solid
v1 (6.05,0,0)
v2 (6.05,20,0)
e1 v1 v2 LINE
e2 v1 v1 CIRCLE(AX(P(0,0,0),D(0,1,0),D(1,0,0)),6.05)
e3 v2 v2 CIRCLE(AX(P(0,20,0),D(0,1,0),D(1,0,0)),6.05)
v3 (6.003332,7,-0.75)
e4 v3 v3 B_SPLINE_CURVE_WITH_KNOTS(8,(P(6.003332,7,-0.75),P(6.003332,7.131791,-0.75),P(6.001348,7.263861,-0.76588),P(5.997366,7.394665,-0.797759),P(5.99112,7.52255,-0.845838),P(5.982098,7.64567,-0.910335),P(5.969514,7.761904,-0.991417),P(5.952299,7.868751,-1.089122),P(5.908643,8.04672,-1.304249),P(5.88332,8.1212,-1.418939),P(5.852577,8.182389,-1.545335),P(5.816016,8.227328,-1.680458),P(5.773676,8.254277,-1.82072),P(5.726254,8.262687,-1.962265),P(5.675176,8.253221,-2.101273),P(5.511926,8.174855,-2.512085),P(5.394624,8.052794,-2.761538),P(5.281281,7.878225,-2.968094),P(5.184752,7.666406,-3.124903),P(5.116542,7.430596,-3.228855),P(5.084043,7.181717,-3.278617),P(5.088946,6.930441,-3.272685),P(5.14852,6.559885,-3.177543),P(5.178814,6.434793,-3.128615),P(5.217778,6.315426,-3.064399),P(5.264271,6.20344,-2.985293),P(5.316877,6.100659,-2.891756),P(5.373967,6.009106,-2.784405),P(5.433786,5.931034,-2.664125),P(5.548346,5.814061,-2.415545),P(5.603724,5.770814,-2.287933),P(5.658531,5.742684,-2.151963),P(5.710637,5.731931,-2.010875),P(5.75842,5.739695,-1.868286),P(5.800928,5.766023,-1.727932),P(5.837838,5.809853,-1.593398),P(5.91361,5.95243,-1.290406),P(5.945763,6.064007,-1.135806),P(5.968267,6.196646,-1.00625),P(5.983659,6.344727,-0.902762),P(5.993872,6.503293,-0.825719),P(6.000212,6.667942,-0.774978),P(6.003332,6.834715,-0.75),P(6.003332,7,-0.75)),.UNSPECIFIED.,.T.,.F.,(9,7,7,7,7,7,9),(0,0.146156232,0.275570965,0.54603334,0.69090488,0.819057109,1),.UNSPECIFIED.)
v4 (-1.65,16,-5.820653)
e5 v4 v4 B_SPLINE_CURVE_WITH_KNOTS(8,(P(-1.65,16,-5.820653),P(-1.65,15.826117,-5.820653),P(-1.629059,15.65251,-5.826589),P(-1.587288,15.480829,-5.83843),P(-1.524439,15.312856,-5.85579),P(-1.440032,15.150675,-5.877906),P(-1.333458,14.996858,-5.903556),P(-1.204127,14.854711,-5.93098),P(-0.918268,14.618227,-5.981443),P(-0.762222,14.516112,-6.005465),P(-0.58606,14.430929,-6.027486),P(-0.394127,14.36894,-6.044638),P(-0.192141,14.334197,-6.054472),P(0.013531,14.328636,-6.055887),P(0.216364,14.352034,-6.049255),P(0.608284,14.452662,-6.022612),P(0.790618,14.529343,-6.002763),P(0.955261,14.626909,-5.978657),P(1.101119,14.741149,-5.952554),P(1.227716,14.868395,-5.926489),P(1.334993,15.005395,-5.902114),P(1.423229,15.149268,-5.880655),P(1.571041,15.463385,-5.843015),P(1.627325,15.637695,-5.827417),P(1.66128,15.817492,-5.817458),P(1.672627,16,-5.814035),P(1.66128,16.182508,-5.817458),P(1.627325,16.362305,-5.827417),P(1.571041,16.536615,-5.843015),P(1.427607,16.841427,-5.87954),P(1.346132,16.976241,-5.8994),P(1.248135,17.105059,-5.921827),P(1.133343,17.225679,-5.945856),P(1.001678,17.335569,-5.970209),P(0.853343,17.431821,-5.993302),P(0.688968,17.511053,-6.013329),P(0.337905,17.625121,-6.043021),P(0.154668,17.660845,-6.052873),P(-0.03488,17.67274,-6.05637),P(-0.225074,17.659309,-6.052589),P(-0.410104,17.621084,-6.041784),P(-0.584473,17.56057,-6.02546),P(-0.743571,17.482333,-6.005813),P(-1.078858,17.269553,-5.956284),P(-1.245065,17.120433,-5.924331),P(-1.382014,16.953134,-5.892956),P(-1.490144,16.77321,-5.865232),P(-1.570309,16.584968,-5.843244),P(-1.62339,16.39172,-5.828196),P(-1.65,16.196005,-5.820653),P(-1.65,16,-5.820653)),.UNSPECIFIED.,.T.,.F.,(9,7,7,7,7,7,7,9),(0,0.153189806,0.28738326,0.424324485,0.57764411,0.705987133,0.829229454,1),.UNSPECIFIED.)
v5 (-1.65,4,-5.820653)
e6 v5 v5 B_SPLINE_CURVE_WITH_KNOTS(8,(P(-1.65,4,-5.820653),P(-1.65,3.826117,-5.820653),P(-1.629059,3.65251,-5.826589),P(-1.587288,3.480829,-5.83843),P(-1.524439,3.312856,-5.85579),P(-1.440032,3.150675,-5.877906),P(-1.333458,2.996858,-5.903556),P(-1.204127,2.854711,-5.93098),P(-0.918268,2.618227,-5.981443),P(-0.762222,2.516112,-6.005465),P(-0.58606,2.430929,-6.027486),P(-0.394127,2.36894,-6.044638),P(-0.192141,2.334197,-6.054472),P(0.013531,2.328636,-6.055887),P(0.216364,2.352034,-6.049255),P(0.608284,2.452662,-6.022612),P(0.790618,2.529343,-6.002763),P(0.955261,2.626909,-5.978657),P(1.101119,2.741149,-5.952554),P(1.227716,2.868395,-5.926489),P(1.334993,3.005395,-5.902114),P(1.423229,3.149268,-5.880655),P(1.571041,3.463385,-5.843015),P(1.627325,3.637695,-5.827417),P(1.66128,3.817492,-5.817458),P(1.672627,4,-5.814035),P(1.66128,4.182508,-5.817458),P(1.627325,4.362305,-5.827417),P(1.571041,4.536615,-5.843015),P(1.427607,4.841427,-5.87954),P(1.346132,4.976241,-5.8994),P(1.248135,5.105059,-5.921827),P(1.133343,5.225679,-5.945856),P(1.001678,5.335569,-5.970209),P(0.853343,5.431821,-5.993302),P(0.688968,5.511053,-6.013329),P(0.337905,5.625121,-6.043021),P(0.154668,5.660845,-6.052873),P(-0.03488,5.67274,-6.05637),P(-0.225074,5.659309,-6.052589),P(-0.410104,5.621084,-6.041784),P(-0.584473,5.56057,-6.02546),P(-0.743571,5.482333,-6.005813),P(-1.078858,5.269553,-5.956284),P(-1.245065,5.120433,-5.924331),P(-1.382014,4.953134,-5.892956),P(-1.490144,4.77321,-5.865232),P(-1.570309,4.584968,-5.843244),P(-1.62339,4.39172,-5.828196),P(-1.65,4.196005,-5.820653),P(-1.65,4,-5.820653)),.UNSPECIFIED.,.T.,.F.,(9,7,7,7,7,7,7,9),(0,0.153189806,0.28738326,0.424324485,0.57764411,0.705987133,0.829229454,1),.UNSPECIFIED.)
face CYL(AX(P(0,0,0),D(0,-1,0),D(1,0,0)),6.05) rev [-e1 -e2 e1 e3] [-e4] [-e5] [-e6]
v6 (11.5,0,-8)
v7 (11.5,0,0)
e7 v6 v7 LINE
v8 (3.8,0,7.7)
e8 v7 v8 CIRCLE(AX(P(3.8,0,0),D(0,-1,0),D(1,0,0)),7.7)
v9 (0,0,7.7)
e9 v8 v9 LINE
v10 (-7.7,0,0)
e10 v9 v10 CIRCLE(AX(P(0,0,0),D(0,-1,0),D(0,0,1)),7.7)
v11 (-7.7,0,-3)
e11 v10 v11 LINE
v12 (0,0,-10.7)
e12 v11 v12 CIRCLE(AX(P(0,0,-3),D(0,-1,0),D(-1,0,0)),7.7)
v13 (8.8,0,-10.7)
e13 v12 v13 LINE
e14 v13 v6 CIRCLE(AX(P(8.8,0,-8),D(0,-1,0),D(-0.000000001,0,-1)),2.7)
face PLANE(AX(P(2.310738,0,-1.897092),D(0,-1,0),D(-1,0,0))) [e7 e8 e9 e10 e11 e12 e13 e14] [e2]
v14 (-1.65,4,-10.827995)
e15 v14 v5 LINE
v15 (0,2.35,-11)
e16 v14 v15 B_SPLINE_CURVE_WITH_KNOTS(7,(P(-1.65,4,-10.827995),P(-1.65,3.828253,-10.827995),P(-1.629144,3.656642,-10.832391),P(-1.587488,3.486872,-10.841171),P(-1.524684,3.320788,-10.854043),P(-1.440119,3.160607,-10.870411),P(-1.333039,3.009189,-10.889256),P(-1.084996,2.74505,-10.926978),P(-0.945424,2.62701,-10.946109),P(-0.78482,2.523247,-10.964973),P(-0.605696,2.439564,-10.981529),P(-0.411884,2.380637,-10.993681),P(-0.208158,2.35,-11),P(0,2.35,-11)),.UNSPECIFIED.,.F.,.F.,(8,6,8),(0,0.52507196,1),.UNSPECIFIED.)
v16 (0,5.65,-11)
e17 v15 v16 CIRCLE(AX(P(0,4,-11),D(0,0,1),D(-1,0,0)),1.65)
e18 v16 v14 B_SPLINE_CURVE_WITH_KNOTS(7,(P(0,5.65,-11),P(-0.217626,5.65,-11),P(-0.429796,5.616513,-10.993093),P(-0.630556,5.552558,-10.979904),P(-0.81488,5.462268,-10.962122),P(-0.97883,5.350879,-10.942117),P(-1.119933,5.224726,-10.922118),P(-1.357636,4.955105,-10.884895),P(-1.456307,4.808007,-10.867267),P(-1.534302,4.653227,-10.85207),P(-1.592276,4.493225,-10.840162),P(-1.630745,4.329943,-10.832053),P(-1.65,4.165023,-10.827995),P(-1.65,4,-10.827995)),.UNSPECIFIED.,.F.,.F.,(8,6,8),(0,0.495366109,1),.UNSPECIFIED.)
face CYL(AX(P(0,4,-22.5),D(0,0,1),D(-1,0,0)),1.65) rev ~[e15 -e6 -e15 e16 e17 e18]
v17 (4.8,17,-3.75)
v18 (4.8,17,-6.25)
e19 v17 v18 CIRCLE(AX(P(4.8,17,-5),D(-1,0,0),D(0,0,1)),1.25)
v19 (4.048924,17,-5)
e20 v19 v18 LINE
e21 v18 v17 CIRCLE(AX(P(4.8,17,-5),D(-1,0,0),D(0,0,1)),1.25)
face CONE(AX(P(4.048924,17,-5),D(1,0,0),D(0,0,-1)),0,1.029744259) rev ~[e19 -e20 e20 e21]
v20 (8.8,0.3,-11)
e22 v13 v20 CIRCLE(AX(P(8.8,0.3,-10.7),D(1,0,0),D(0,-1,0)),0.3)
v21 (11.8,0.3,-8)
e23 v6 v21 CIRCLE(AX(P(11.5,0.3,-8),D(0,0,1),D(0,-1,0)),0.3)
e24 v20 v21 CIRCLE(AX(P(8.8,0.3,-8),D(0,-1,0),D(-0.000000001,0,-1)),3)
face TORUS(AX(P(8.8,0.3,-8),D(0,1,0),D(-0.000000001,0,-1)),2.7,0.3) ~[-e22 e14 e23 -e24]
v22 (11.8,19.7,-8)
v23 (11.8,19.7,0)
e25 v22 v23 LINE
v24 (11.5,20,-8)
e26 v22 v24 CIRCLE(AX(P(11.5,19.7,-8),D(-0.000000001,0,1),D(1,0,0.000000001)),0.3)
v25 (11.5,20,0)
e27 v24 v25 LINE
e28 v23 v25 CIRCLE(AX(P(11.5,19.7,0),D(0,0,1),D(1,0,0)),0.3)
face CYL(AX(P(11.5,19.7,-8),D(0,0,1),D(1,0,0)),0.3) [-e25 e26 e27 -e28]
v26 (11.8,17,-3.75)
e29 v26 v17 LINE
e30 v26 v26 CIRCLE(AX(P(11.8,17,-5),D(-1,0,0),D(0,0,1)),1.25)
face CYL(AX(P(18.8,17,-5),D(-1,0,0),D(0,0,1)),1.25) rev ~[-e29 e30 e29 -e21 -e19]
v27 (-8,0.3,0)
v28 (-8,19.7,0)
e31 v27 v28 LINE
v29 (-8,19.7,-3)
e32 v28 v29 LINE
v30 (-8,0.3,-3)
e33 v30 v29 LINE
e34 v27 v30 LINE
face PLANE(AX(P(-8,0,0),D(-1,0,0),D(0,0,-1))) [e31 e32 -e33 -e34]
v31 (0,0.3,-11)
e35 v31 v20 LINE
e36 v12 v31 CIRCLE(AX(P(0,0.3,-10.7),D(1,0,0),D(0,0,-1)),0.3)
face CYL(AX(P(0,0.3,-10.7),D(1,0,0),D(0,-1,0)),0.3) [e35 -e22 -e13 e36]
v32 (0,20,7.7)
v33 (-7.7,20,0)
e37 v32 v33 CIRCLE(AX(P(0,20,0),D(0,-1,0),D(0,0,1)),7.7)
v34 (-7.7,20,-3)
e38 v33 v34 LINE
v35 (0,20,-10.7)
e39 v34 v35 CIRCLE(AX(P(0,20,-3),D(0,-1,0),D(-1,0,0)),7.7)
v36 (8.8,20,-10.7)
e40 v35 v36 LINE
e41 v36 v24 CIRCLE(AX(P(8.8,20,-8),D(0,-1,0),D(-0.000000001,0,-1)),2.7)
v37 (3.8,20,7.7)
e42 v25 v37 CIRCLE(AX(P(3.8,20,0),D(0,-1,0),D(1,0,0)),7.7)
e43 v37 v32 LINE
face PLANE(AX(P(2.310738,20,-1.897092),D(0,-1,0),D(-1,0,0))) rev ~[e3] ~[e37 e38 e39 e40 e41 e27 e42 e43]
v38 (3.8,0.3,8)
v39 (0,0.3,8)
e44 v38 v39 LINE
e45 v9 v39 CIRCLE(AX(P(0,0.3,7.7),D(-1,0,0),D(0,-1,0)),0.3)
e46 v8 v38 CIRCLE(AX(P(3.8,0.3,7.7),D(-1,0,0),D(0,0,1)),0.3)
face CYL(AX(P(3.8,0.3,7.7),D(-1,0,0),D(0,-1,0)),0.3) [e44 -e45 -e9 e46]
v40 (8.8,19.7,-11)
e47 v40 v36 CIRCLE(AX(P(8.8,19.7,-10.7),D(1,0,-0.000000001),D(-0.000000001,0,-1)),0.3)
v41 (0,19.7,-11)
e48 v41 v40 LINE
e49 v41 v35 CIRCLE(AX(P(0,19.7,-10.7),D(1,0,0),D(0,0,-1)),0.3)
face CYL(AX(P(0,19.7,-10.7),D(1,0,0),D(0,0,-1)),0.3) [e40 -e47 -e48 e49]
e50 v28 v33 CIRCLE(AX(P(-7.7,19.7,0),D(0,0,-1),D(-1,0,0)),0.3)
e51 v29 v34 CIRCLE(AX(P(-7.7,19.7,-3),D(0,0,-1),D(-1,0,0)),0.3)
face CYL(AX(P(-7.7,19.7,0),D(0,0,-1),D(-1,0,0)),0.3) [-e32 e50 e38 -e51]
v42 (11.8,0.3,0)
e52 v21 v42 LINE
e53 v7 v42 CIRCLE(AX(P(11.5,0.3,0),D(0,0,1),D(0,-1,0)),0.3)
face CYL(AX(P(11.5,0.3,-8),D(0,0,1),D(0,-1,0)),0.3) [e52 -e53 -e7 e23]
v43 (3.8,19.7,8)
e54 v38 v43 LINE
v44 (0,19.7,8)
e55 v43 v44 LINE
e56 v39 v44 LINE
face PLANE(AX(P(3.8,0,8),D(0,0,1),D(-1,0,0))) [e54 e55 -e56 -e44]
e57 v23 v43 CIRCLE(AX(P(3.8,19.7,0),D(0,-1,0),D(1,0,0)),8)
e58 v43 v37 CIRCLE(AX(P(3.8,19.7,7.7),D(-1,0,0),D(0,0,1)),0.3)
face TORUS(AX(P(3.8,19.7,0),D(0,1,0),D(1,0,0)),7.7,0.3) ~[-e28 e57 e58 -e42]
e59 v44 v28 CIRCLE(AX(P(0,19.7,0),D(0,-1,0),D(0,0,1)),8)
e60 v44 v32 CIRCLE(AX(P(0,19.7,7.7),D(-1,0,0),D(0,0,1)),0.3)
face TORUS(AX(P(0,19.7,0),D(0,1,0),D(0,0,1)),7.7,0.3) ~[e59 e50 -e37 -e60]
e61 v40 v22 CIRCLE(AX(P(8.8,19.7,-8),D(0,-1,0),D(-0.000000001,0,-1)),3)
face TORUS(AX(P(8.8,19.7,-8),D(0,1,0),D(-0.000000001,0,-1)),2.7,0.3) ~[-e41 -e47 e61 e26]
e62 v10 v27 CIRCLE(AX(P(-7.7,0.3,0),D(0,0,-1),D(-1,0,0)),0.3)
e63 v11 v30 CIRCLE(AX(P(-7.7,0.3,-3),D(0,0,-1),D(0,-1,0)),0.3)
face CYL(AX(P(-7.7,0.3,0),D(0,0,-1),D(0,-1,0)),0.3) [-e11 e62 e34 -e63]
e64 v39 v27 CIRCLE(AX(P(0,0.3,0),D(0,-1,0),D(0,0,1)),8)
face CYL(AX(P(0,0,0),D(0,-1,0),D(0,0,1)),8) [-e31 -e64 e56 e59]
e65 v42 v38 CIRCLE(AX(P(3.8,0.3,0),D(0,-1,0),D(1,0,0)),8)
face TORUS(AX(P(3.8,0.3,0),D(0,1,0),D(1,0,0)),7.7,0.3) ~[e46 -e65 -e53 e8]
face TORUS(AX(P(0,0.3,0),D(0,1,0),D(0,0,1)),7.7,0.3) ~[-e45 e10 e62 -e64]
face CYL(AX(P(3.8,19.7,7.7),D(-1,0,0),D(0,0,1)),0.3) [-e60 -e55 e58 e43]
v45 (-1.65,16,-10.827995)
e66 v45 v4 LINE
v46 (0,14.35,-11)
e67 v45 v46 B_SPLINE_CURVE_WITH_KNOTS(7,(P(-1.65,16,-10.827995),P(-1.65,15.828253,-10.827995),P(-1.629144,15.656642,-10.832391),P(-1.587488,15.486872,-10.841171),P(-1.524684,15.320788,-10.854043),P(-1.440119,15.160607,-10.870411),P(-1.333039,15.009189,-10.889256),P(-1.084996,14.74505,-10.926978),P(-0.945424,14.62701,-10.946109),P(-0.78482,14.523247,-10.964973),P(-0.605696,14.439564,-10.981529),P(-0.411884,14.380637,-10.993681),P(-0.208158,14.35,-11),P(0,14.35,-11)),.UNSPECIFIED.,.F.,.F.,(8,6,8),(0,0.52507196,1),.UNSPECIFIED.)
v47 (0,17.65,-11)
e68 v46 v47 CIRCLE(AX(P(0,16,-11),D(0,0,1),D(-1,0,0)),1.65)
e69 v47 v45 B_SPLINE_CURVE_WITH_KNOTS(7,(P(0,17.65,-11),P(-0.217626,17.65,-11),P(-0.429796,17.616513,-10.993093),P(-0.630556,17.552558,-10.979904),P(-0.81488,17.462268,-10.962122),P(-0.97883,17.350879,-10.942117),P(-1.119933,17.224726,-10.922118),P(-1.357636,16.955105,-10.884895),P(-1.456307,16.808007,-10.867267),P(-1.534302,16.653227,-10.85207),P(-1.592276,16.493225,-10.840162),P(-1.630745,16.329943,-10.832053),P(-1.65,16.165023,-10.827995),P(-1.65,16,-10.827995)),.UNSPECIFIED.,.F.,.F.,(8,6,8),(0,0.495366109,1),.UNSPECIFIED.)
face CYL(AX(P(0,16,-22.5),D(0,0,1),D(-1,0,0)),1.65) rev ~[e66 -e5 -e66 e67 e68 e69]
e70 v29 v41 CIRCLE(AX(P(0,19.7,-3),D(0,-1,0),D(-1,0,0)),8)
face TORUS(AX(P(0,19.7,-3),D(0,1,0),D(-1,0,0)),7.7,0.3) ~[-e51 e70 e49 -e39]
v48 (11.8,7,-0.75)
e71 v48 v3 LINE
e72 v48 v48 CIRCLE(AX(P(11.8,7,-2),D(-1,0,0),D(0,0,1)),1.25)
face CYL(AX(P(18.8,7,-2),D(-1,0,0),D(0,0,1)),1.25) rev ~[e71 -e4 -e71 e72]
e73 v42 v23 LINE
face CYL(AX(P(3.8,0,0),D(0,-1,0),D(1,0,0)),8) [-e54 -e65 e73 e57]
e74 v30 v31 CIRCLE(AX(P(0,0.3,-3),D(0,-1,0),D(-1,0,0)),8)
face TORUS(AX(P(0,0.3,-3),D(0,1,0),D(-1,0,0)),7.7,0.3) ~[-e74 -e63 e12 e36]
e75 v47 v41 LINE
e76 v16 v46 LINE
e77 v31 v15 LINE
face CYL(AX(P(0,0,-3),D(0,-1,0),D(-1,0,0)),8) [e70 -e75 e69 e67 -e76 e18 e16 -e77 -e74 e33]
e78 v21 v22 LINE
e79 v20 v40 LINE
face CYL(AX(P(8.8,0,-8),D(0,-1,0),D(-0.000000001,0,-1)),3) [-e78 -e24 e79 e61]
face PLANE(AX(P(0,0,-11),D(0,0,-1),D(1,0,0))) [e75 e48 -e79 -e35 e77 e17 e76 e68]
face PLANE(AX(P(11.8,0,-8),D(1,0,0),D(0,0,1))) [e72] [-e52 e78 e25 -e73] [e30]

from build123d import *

# Parameters (mm, degrees)
SKETCH_1_R             = 6.05
EXTRUDE_1_DEPTH        = 20
SKETCH_2_R             = 1
CUT_EXTRUDE_1_DEPTH    = 2
HOLE_WIZARD_M3_1_D     = 2.5
HOLE_WIZARD_M3_1_DEPTH = 7
HOLE_WIZARD_M3_1_TIP   = 0.751075774
HOLE_WIZARD_M4_1_D     = 3.3
HOLE_WIZARD_M4_1_DEPTH = 11.5
HOLE_WIZARD_M4_1_TIP   = 0.991420021
FILLET_1_R             = 0.3


with BuildPart() as part:
    # 草图1 → 凸台-拉伸1 (new body)
    with BuildSketch(Plane(origin=(0, 0, 0), x_dir=(1, 0, 0), z_dir=(0, 1, 0))):
        with BuildLine():
            Line((0, 11), (8.8, 11))
            ThreePointArc((8.8, 11), (10.921320344, 10.121320344), (11.8, 8))
            Line((11.8, 8), (11.8, 0))
            ThreePointArc((11.8, 0), (9.456854249, -5.656854249), (3.8, -8))
            Line((3.8, -8), (0, -8))
            ThreePointArc((0, -8), (-5.656854249, -5.656854249), (-8, 0))
            Line((-8, 0), (-8, 3))
            ThreePointArc((-8, 3), (-5.656854249, 8.656854249), (0, 11))
        make_face()
        Circle(SKETCH_1_R, mode=Mode.SUBTRACT)
    extrude(amount=EXTRUDE_1_DEPTH)

    # 草图2 → 切除-拉伸1 (cut)
    with BuildSketch(Plane(origin=(11.8, 0, 0), x_dir=(0, 0, -1), z_dir=(1, 0, 0))):
        with Locations((5, 17)):
            Circle(SKETCH_2_R)
        with Locations((2, 7)):
            Circle(SKETCH_2_R)
    extrude(amount=-CUT_EXTRUDE_1_DEPTH, mode=Mode.SUBTRACT)

    # M3 螺纹孔1
    with Locations(Plane(origin=(11.8, 0, 0), x_dir=(0, 0, -1), z_dir=(1, 0, 0))):
        with Locations((5, 17), (2, 7)):
            Hole(HOLE_WIZARD_M3_1_D / 2, depth=HOLE_WIZARD_M3_1_DEPTH)
            with Locations((0, 0, -(HOLE_WIZARD_M3_1_DEPTH + HOLE_WIZARD_M3_1_TIP / 2))):  # 118° drill point
                Cone(0, HOLE_WIZARD_M3_1_D / 2, HOLE_WIZARD_M3_1_TIP, mode=Mode.SUBTRACT)

    # M4 螺纹孔1
    with Locations(Plane(origin=(3, 0, -11), x_dir=(1, 0, 0), z_dir=(0, 0, -1))):
        with Locations((-3, -16), (-3, -4)):
            Hole(HOLE_WIZARD_M4_1_D / 2, depth=HOLE_WIZARD_M4_1_DEPTH)
            with Locations((0, 0, -(HOLE_WIZARD_M4_1_DEPTH + HOLE_WIZARD_M4_1_TIP / 2))):  # 118° drill point
                Cone(0, HOLE_WIZARD_M4_1_D / 2, HOLE_WIZARD_M4_1_TIP, mode=Mode.SUBTRACT)

    # 圆角1
    fillet_1_edges = [part.edges().sort_by_distance(p)[0] for p in [
        (10.921320344, 20, -10.121320344),
        (11.8, 0, -4),
        (9.456854249, 0, 5.656854249),
        (4.4, 20, -11),
        (-5.656854249, 20, -8.656854249),
        (-8, 20, -1.5),
        (-5.656854249, 20, 5.656854249),
        (1.9, 20, 8),
        (9.456854249, 20, 5.656854249),
        (11.8, 20, -4),
        (1.9, 0, 8),
        (-5.656854249, 0, 5.656854249),
        (-8, 0, -1.5),
        (-5.656854249, 0, -8.656854249),
        (4.4, 0, -11),
        (10.921320344, 0, -10.121320344),
    ]]
    fillet(fillet_1_edges, radius=FILLET_1_R)


solid = part.part
